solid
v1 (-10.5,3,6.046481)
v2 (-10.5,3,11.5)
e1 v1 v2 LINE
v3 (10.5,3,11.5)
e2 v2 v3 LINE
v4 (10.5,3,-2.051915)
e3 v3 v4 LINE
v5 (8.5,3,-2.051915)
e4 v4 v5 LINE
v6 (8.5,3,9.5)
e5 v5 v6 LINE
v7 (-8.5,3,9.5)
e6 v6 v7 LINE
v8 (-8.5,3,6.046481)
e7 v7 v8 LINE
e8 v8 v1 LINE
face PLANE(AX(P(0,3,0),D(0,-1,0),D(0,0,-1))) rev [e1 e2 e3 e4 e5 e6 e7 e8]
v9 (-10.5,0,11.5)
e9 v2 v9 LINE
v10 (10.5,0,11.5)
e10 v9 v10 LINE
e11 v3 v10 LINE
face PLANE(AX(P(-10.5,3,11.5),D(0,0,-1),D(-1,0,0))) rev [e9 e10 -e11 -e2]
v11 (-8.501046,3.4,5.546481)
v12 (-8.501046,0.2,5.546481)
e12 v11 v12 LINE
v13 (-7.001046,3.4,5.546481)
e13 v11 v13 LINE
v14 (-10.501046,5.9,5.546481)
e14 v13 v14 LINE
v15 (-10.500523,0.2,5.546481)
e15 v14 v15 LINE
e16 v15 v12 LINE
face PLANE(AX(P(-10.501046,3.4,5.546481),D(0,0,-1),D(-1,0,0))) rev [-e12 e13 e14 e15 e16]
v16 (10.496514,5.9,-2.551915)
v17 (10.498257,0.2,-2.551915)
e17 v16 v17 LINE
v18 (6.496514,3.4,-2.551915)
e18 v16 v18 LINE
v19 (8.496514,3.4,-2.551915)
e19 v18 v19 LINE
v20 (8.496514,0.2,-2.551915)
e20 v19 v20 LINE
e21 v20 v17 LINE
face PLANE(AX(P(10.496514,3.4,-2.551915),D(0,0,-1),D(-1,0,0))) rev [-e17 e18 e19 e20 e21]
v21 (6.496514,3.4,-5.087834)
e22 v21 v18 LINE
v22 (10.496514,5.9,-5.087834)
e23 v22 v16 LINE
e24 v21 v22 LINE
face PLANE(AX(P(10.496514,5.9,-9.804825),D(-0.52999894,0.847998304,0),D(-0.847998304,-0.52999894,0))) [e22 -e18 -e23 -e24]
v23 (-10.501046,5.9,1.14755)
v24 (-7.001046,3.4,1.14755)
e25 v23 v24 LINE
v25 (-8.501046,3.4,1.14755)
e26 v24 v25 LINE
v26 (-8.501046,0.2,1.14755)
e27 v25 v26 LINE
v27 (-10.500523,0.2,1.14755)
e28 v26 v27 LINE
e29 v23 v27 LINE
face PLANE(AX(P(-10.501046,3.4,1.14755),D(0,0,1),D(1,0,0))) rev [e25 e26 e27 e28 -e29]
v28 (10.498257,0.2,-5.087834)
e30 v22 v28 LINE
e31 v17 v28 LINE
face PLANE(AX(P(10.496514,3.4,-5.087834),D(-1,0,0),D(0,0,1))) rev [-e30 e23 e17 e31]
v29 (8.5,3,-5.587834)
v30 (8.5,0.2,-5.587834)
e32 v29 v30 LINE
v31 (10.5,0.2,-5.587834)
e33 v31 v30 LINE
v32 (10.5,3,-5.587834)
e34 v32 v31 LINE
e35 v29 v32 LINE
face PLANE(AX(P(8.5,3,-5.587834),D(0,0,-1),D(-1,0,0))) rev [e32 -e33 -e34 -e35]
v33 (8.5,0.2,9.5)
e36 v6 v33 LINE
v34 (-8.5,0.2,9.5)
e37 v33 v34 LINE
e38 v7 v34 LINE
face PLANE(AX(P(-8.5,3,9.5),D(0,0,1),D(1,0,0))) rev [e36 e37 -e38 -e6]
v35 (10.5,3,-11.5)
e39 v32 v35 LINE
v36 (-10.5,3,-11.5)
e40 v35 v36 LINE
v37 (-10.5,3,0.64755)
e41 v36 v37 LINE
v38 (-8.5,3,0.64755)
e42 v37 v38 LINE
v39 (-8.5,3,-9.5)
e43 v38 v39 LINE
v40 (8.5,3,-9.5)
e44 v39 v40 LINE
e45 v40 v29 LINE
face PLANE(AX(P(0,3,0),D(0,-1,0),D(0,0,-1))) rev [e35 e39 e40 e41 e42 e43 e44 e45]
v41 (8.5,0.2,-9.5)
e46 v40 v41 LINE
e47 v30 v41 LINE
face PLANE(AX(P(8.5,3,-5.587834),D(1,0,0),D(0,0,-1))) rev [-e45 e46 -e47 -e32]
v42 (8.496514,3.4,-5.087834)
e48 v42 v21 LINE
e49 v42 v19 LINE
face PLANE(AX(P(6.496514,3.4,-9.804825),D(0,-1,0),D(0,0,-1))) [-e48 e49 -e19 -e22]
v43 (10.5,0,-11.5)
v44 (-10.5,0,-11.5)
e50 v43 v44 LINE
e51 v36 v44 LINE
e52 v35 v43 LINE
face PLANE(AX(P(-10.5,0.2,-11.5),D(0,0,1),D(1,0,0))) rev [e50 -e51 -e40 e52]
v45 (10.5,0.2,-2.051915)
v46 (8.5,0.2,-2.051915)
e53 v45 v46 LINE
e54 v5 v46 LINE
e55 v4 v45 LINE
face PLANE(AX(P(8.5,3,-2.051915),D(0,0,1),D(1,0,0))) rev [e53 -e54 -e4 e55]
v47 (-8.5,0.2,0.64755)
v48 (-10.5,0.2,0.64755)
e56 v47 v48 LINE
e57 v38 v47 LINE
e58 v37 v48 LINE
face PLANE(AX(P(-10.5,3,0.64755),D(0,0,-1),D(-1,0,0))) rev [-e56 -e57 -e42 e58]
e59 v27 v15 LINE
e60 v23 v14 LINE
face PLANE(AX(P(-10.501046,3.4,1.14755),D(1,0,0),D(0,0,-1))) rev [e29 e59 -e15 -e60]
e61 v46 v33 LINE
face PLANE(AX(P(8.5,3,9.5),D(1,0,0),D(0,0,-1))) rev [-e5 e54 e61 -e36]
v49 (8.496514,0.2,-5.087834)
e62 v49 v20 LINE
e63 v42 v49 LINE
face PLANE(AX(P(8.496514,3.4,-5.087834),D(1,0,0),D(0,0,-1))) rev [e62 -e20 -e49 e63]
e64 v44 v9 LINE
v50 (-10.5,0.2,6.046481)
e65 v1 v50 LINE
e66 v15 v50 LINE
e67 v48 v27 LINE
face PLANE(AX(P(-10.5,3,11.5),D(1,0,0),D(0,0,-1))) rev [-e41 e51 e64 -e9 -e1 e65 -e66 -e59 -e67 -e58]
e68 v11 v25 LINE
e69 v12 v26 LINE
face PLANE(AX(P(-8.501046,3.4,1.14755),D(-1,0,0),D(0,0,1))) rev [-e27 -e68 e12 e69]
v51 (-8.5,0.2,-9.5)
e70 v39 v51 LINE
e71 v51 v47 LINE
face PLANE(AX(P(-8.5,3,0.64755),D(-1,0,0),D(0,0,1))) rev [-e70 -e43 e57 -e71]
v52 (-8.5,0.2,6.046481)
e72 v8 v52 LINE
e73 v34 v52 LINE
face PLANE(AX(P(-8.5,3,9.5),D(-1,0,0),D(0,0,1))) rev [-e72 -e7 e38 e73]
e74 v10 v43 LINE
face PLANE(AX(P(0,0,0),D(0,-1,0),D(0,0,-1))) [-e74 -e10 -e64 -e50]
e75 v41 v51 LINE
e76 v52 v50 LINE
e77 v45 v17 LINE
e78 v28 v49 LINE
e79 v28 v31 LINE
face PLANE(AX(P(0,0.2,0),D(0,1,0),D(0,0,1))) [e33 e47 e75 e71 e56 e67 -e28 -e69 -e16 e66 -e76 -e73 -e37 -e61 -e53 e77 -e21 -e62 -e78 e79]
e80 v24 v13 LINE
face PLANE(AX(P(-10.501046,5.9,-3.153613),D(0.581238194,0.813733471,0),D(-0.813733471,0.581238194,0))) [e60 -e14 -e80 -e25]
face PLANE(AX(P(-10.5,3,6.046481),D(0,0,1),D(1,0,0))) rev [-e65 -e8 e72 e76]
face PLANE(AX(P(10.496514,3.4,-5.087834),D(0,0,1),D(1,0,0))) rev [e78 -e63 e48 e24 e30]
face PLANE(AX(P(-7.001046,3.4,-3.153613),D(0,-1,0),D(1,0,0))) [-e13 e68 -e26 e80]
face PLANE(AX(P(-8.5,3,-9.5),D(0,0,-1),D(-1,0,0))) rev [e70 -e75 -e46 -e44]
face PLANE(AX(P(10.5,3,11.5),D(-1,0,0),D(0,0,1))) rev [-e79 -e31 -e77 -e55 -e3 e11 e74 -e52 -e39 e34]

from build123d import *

# Parameters (mm, degrees)
BOSS_EXTRUDE2_DEPTH   = 3
BOSS_EXTRUDE2_2_DEPTH = 3
SKETCH4_W             = 21
SKETCH4_H             = 23
BOSS_EXTRUDE4_DEPTH   = 0.2
SKETCH6_W             = 2
SKETCH6_H             = 4.398930514
SKETCH6_H_2           = 2.53591928
BOSS_EXTRUDE5_DEPTH   = 3.2
BOSS_EXTRUDE6_DEPTH   = 4.398930514
BOSS_EXTRUDE7_DEPTH   = 2.53591928


with BuildPart() as part:
    # Sketch1 → Boss-Extrude2 (new body)
    with BuildSketch(Plane(origin=(0, 0, 0), x_dir=(1, 0, 0), z_dir=(0, 1, 0))):
        Polygon((-10.5, -11.5), (-10.5, -6.046480624), (-8.5, -6.046480624), (-8.5, -9.5), (8.5, -9.5), (8.5, 2.051915147), (10.5, 2.051915147), (10.5, -11.5), align=None)
    extrude(amount=BOSS_EXTRUDE2_DEPTH)



with BuildPart() as body_2:
    # Sketch1 → Boss-Extrude2 2 (new body)
    with BuildSketch(Plane(origin=(0, 0, 0), x_dir=(1, 0, 0), z_dir=(0, 1, 0))):
        Polygon((-8.5, 9.5), (8.5, 9.5), (8.5, 5.587834427), (10.5, 5.587834427), (10.5, 11.5), (-10.5, 11.5), (-10.5, -0.64755011), (-8.5, -0.64755011), align=None)
    extrude(amount=BOSS_EXTRUDE2_2_DEPTH)


with BuildPart() as part_1:
    add(part.part)

    add(body_2.part)  # Boss-Extrude4 merges body 2
    # Sketch4 → Boss-Extrude4 (add)
    with BuildSketch(Plane(origin=(0, 0, 0), x_dir=(1, 0, 0), z_dir=(0, 1, 0))):
        Rectangle(SKETCH4_W, SKETCH4_H)
    extrude(amount=BOSS_EXTRUDE4_DEPTH)

    # Sketch6 → Boss-Extrude5 (add)
    with BuildSketch(Plane(origin=(0, 0.2, 0), x_dir=(1, 0, 0), z_dir=(0, 1, 0))):
        with Locations((-9.501045586, -3.347015367)):
            Rectangle(SKETCH6_W, SKETCH6_H)
        with Locations((9.496513771, 3.819874787)):
            Rectangle(SKETCH6_W, SKETCH6_H_2)
    extrude(amount=BOSS_EXTRUDE5_DEPTH)

    # Sketch7 → Boss-Extrude6 (add)
    with BuildSketch(Plane.XY.offset(5.546480624)):
        Polygon((-10.501045586, 3.4), (-10.501045586, 5.9), (-7.001045586, 3.4), align=None)
    extrude(amount=-BOSS_EXTRUDE6_DEPTH)

    # Sketch8 → Boss-Extrude7 (add)
    with BuildSketch(Plane.XY.offset(-2.551915147)):
        Polygon((10.496513771, 3.4), (10.496513771, 5.9), (6.496513771, 3.4), align=None)
    extrude(amount=-BOSS_EXTRUDE7_DEPTH)


solid = part_1.part
